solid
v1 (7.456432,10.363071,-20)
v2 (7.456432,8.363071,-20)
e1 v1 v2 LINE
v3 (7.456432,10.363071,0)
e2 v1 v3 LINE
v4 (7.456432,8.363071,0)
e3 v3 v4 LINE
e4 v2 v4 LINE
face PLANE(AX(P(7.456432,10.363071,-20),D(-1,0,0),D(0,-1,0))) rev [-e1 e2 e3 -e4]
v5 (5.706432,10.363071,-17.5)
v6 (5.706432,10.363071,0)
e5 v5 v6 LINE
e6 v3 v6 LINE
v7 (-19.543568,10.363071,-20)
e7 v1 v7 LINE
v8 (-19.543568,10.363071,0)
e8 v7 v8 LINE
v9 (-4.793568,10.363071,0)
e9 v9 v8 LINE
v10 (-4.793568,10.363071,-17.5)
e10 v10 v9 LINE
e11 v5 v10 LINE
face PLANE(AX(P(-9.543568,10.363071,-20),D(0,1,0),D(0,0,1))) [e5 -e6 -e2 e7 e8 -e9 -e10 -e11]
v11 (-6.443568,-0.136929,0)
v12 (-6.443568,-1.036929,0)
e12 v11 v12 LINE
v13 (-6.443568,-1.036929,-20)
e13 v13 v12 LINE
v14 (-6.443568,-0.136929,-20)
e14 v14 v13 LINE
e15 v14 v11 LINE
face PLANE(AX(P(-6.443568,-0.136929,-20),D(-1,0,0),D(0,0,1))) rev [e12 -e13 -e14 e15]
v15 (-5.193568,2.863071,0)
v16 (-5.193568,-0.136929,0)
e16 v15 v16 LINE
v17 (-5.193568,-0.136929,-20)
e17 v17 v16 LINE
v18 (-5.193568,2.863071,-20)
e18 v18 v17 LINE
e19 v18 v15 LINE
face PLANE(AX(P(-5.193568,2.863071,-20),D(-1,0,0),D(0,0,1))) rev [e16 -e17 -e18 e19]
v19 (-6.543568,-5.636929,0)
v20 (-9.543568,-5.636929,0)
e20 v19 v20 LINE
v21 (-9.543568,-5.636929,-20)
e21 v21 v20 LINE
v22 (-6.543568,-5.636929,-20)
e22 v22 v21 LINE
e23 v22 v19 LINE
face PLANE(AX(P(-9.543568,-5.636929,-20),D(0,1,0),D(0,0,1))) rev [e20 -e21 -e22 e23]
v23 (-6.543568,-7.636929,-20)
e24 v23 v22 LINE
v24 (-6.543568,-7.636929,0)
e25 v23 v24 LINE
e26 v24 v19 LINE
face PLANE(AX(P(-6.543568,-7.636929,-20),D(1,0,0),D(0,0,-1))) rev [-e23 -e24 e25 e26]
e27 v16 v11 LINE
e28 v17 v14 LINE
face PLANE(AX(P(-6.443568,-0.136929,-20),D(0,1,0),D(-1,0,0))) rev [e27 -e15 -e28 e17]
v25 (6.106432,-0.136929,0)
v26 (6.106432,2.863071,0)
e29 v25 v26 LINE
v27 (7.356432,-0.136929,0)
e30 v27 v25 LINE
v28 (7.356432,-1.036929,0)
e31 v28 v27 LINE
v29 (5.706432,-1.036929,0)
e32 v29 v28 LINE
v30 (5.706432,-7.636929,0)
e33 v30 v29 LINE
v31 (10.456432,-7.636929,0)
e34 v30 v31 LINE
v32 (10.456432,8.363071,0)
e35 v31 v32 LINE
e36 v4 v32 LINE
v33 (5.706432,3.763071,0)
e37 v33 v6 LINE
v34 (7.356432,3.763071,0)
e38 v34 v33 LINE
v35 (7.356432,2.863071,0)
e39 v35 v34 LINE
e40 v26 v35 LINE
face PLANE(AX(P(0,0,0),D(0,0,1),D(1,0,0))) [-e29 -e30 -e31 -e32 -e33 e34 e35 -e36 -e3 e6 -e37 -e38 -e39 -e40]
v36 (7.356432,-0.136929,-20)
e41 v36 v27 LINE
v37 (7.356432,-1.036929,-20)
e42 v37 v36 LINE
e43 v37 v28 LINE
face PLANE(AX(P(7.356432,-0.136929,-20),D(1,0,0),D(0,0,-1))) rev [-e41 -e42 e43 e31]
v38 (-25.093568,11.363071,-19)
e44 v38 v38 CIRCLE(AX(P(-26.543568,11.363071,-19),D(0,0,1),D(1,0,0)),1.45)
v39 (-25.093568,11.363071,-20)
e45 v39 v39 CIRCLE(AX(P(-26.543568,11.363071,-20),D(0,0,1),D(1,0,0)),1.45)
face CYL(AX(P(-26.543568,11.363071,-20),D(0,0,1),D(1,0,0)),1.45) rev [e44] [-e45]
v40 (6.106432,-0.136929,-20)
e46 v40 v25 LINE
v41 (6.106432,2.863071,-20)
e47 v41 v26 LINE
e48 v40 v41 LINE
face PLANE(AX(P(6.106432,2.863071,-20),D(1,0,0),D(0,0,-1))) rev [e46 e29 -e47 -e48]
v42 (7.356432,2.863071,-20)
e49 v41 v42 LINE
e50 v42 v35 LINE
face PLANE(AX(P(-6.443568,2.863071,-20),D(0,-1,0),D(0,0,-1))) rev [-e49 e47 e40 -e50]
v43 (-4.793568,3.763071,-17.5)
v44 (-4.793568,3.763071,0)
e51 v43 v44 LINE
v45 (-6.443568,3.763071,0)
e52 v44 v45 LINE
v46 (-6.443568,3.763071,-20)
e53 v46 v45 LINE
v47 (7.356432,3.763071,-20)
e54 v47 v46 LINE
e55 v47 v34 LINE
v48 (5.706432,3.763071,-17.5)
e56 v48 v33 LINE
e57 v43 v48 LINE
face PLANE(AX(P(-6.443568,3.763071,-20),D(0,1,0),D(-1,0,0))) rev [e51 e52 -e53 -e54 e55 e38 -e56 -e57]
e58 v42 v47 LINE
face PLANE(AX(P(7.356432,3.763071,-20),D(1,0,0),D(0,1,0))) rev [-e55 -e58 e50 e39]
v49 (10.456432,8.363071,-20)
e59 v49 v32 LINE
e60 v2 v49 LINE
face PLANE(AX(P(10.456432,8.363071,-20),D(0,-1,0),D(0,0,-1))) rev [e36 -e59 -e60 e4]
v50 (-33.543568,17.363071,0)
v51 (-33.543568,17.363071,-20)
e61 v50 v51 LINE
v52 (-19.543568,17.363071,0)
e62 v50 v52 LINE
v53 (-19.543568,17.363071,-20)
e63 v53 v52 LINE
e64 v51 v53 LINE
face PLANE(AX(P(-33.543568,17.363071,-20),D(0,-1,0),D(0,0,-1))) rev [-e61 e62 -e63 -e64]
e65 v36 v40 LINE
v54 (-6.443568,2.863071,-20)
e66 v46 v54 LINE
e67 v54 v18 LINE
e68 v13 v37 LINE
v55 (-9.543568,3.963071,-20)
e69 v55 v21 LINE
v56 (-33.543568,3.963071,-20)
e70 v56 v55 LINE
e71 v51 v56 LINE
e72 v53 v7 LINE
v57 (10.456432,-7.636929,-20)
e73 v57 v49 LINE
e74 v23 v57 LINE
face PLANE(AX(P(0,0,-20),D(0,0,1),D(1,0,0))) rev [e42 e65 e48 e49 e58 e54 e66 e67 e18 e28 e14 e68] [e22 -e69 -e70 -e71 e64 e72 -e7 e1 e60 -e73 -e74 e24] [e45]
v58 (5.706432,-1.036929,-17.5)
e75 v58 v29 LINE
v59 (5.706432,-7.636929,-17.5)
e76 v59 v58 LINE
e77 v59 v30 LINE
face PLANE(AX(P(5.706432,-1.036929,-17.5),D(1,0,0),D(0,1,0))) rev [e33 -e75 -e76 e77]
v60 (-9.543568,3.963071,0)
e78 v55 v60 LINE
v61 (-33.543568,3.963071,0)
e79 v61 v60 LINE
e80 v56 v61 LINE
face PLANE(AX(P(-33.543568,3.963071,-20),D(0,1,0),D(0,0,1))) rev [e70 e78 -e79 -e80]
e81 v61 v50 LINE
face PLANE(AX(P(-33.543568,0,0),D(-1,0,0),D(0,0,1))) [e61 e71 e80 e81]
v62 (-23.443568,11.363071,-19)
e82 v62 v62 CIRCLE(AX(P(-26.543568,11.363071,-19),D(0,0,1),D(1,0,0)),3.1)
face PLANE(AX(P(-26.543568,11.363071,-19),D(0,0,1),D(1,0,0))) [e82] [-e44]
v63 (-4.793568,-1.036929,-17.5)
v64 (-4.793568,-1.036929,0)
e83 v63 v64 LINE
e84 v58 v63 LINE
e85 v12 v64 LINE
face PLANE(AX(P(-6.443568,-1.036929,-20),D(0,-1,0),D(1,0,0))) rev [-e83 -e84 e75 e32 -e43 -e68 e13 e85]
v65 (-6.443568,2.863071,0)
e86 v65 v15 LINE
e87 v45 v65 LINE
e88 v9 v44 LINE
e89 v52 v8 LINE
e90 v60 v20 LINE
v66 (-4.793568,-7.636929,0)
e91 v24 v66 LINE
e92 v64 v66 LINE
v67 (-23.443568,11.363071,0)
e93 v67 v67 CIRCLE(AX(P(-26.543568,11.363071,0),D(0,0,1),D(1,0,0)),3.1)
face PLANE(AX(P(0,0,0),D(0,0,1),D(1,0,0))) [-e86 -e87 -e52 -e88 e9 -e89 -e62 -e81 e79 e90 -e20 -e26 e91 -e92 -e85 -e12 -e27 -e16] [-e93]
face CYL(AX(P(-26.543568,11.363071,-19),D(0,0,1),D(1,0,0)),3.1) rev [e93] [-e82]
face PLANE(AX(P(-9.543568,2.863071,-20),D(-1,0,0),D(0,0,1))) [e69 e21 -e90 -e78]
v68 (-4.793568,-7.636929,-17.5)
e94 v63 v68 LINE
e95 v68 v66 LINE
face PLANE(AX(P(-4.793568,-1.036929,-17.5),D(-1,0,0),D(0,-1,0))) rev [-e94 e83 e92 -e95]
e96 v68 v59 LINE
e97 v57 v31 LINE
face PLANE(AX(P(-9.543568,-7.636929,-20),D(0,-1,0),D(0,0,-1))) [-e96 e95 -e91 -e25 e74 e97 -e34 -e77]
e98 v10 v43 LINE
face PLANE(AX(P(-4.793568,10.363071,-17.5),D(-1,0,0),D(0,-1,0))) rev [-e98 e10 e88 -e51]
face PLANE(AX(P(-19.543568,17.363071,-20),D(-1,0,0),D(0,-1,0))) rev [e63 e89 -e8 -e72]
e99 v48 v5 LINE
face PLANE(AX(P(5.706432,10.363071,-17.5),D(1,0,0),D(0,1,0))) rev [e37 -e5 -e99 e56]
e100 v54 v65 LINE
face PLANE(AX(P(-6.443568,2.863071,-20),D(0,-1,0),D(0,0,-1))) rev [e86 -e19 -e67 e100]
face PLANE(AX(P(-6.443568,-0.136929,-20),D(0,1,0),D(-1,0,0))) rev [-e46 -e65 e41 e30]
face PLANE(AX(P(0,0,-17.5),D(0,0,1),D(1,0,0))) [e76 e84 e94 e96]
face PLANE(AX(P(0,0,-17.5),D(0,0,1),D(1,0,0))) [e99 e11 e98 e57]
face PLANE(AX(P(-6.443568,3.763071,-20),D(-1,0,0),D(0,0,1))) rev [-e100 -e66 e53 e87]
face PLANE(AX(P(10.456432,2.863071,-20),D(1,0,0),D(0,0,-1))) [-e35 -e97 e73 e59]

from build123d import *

# Parameters (mm, degrees)
SKETCH1_W           = 20
SKETCH1_H           = 3
BOSS_EXTRUDE1_DEPTH = 20
SKETCH3_W           = 20
SKETCH3_H           = 7.5
BOSS_EXTRUDE2_DEPTH = 20
SKETCH4_W           = 20
SKETCH4_H           = 7.5
BOSS_EXTRUDE3_DEPTH = 20
SKETCH2_W           = 11.3
SKETCH2_H           = 3
CUT_EXTRUDE1_DEPTH  = 20
SKETCH5_W           = 13.8
SKETCH5_H           = 0.9
CUT_EXTRUDE2_DEPTH  = 20
SKETCH6_W           = 10.5
SKETCH6_H           = 6.6
CUT_EXTRUDE3_DEPTH  = 17.5
SKETCH7_W           = 10.5
SKETCH7_H           = 6.6
CUT_EXTRUDE4_DEPTH  = 17.5
SKETCH8_W           = 3
SKETCH8_H           = 2
CUT_EXTRUDE5_DEPTH  = 20
SKETCH9_W           = 20
SKETCH9_H           = 13.4
BOSS_EXTRUDE4_DEPTH = 24
SKETCH10_R          = 3.1
CUT_EXTRUDE6_DEPTH  = 19
SKETCH11_R          = 1.45
CUT_EXTRUDE7_DEPTH  = 20
SKETCH12_W          = 10
SKETCH12_H          = 7
CUT_EXTRUDE8_DEPTH  = 20


with BuildPart() as part:
    # Sketch1 → Boss-Extrude1 (new body)
    with BuildSketch(Plane.XY):
        with Locations((0.456431535, 1.363070539)):
            Rectangle(SKETCH1_W, SKETCH1_H)
    extrude(amount=-BOSS_EXTRUDE1_DEPTH)

    # Sketch3 → Boss-Extrude2 (add)
    with BuildSketch(Plane.XY):
        with Locations((0.456431535, 6.613070539)):
            Rectangle(SKETCH3_W, SKETCH3_H)
    extrude(amount=-BOSS_EXTRUDE2_DEPTH)

    # Sketch4 → Boss-Extrude3 (add)
    with BuildSketch(Plane.XY):
        with Locations((0.456431535, -3.886929461)):
            Rectangle(SKETCH4_W, SKETCH4_H)
    extrude(amount=-BOSS_EXTRUDE3_DEPTH)

    # Sketch2 → Cut-Extrude1 (cut)
    with BuildSketch(Plane.XY):
        with Locations((0.456431535, 1.363070539)):
            Rectangle(SKETCH2_W, SKETCH2_H)
    extrude(amount=-CUT_EXTRUDE1_DEPTH, mode=Mode.SUBTRACT)

    # Sketch5 → Cut-Extrude2 (cut)
    with BuildSketch(Plane.XY):
        with Locations((0.456431535, -0.586929461)):
            Rectangle(SKETCH5_W, SKETCH5_H)
        with Locations((0.456431535, 3.313070539)):
            Rectangle(SKETCH5_W, SKETCH5_H)
    extrude(amount=-CUT_EXTRUDE2_DEPTH, mode=Mode.SUBTRACT)

    # Sketch6 → Cut-Extrude3 (cut)
    with BuildSketch(Plane.XY):
        with Locations((0.456431535, 7.063070539)):
            Rectangle(SKETCH6_W, SKETCH6_H)
    extrude(amount=-CUT_EXTRUDE3_DEPTH, mode=Mode.SUBTRACT)

    # Sketch7 → Cut-Extrude4 (cut)
    with BuildSketch(Plane.XY):
        with Locations((0.456431535, -4.336929461)):
            Rectangle(SKETCH7_W, SKETCH7_H)
    extrude(amount=-CUT_EXTRUDE4_DEPTH, mode=Mode.SUBTRACT)

    # Sketch8 → Cut-Extrude5 (cut)
    with BuildSketch(Plane.XY):
        with Locations((8.956431535, 9.363070539)):
            Rectangle(SKETCH8_W, SKETCH8_H)
        with Locations((-8.043568465, -6.636929461)):
            Rectangle(SKETCH8_W, SKETCH8_H)
    extrude(amount=-CUT_EXTRUDE5_DEPTH, mode=Mode.SUBTRACT)

    # Sketch9 → Boss-Extrude4 (add)
    with BuildSketch(Plane.ZY.offset(9.543568465)):
        with Locations((-10, 10.663070539)):
            Rectangle(SKETCH9_W, SKETCH9_H)
    extrude(amount=BOSS_EXTRUDE4_DEPTH)

    # Sketch10 → Cut-Extrude6 (cut)
    with BuildSketch(Plane.XY):
        with Locations((-26.543568465, 11.363070539)):
            Circle(SKETCH10_R)
    extrude(amount=-CUT_EXTRUDE6_DEPTH, mode=Mode.SUBTRACT)

    # Sketch11 → Cut-Extrude7 (cut)
    with BuildSketch(Plane.XY):
        with Locations((-26.543568465, 11.363070539)):
            Circle(SKETCH11_R)
    extrude(amount=-CUT_EXTRUDE7_DEPTH, mode=Mode.SUBTRACT)

    # Sketch12 → Cut-Extrude8 (cut)
    with BuildSketch(Plane.XY):
        with Locations((-14.543568465, 13.863070539)):
            Rectangle(SKETCH12_W, SKETCH12_H)
    extrude(amount=-CUT_EXTRUDE8_DEPTH, mode=Mode.SUBTRACT)


solid = part.part
